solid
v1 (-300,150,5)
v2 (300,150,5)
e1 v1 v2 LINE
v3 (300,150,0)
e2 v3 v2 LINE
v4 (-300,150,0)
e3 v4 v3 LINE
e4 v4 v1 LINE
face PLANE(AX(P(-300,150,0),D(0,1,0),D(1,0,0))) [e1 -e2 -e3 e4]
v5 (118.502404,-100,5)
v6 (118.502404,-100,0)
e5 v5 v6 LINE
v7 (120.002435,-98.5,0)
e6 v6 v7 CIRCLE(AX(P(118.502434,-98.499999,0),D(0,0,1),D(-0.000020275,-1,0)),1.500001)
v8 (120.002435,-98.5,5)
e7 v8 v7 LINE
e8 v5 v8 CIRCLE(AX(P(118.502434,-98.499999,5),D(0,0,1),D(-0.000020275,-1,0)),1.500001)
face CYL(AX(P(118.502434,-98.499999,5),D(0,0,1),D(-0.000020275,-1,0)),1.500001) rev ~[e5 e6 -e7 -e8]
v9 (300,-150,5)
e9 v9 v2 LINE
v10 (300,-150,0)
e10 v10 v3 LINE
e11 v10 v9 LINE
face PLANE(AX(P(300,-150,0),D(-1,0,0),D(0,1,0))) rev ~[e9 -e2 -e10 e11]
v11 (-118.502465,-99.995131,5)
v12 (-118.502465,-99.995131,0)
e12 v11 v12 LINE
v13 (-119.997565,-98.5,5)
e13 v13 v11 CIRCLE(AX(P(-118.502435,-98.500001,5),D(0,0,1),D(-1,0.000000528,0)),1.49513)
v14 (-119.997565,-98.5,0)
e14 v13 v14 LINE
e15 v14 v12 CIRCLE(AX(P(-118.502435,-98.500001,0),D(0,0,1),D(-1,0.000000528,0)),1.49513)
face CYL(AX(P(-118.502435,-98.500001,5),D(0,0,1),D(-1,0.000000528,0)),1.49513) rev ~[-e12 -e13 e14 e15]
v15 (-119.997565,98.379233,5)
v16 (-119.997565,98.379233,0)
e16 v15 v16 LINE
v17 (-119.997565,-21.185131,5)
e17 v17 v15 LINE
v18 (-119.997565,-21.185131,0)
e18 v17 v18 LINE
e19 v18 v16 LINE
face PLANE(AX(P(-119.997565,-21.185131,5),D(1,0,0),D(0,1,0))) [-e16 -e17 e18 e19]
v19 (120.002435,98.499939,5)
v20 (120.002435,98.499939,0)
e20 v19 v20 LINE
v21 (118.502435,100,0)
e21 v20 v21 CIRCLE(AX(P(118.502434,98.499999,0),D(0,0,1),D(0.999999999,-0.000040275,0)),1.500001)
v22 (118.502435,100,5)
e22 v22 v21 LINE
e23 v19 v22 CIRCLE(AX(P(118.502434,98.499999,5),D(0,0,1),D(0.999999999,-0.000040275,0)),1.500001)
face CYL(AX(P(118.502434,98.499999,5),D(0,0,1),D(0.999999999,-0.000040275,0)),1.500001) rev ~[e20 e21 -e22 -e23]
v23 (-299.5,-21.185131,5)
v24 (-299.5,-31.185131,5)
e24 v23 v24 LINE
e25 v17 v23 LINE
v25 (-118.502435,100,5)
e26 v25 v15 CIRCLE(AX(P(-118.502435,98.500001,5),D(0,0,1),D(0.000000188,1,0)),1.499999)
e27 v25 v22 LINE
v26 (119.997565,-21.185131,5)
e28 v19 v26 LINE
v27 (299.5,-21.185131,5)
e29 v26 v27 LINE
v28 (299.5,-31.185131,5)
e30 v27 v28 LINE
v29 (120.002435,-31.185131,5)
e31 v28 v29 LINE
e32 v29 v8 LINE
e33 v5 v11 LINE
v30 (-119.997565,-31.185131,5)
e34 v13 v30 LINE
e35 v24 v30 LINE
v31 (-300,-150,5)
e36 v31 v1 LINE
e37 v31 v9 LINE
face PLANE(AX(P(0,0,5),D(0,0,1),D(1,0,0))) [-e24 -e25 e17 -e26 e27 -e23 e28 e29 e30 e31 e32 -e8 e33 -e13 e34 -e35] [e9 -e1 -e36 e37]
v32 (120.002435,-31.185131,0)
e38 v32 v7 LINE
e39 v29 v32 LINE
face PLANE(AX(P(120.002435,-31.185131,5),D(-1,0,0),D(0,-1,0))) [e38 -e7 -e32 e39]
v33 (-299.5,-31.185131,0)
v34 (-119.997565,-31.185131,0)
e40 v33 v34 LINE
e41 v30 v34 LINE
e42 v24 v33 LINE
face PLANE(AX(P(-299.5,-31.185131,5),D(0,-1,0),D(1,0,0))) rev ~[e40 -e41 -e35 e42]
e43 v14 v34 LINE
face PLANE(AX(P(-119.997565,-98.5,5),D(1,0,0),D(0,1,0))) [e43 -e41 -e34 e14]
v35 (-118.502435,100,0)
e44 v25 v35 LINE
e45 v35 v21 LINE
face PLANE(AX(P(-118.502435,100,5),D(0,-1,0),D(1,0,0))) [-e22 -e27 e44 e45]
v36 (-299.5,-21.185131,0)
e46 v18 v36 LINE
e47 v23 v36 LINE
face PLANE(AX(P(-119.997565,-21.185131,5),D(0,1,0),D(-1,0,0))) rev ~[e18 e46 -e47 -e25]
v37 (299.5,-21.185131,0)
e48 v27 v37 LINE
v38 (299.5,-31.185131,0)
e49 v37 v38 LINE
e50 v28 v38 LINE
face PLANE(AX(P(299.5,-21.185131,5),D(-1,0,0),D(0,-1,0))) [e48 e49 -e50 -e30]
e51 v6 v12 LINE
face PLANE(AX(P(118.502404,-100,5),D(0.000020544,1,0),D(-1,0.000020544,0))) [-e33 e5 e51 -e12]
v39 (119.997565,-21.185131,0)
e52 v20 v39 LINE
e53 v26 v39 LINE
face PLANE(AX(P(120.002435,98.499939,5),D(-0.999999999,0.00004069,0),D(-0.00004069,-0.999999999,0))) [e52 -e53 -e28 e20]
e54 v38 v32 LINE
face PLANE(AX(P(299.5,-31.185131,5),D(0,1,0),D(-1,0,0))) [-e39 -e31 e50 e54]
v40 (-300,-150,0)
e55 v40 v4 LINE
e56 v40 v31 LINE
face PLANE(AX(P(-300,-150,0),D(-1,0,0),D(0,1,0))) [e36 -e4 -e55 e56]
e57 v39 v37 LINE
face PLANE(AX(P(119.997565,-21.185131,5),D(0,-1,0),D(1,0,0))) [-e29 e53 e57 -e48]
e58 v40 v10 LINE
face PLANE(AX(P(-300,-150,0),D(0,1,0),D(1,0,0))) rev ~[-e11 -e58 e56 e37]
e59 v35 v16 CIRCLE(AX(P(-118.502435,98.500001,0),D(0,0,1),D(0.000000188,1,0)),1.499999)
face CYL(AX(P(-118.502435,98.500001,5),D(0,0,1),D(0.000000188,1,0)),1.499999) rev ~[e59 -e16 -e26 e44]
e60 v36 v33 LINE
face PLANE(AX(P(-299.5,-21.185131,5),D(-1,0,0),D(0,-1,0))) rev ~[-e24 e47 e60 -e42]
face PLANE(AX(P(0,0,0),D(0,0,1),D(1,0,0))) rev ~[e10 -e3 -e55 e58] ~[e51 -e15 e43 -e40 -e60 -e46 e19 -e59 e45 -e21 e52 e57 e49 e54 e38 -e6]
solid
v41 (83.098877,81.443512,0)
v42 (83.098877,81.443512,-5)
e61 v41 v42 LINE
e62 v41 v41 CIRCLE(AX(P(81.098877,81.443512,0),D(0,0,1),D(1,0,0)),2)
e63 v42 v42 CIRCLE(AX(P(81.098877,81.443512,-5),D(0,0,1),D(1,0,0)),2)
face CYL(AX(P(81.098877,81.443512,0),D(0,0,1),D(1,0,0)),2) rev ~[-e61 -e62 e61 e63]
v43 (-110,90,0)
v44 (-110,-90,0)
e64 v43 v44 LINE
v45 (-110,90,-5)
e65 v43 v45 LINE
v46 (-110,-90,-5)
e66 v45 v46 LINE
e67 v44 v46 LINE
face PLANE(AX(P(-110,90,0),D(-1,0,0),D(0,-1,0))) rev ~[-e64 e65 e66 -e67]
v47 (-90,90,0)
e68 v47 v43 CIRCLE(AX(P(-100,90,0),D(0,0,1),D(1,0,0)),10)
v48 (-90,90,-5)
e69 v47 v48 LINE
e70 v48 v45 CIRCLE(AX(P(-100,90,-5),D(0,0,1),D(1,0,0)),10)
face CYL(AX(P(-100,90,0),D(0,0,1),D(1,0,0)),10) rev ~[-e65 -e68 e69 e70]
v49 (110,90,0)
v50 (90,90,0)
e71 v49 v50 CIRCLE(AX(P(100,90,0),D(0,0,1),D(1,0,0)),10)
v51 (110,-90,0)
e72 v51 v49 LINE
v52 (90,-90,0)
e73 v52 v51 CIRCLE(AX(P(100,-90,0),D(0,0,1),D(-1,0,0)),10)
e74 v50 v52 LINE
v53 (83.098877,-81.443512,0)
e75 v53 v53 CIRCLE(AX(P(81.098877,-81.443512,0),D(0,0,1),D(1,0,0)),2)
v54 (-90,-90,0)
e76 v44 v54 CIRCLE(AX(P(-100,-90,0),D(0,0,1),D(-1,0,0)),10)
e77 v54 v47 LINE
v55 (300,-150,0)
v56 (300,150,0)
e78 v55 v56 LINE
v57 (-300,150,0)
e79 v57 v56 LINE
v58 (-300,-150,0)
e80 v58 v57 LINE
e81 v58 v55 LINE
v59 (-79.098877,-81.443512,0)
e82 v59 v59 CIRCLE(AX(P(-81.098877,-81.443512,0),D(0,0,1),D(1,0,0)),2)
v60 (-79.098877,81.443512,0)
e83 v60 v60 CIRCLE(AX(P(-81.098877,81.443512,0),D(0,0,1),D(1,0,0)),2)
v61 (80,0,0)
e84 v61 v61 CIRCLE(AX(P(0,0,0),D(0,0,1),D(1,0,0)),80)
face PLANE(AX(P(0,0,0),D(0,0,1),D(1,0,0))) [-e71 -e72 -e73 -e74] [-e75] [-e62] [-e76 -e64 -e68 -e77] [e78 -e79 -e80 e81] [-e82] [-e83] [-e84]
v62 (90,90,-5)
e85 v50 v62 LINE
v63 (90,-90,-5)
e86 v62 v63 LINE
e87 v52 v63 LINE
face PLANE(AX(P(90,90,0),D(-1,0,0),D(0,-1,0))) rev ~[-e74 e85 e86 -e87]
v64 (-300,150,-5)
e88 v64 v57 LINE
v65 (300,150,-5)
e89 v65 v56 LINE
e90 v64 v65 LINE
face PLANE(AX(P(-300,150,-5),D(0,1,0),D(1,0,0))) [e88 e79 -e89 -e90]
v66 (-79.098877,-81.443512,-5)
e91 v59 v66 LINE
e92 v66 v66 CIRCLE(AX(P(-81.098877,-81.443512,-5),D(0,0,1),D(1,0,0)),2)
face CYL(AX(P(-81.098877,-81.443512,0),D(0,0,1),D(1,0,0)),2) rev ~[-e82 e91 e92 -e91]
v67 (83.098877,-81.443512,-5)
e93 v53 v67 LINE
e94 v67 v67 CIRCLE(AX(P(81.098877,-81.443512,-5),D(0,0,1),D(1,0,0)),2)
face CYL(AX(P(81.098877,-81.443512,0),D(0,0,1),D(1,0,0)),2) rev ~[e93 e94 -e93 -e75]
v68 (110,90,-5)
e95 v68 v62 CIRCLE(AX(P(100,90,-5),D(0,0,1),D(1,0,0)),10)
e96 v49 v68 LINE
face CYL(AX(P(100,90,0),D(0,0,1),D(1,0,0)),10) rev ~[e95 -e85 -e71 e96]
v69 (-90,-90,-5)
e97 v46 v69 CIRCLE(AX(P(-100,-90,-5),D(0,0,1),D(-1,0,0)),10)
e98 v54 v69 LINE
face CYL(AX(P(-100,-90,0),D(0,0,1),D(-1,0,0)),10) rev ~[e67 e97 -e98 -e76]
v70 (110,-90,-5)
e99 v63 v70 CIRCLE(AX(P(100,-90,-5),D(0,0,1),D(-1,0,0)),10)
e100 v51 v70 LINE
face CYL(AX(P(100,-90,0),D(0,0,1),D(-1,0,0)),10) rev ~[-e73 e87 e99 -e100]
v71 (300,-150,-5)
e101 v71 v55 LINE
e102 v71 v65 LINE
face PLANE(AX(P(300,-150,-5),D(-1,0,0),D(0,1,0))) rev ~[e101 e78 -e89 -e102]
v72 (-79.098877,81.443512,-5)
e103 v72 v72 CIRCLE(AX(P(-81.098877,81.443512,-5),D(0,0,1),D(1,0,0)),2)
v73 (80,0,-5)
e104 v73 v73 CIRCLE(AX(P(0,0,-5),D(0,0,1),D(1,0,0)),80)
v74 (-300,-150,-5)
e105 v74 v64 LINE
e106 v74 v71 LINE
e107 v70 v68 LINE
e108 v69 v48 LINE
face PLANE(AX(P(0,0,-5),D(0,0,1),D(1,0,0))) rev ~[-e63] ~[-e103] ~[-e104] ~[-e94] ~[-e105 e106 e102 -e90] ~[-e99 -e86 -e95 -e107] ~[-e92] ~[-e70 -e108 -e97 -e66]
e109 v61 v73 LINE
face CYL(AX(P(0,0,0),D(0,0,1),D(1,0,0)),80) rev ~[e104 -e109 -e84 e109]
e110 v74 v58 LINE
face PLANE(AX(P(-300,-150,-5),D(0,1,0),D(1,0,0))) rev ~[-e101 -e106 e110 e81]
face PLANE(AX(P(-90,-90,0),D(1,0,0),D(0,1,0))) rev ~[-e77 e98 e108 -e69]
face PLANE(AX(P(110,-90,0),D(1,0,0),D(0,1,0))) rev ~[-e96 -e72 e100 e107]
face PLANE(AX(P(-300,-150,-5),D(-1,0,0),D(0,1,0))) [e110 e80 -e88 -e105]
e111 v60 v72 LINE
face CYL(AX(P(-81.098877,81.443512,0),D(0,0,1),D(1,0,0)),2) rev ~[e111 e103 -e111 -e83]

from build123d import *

# Parameters (mm, degrees)
SKETCH_W        = 600
SKETCH_H        = 300
PAD_DEPTH       = 5
POCKET_DEPTH    = 5
SKETCH002_W     = 600
SKETCH002_H     = 300
PAD001_DEPTH    = 5
SKETCH003_R     = 80
SKETCH003_R_2   = 2
POCKET001_DEPTH = 5


with BuildPart() as base01:
    # Sketch → Pad (new body)
    with BuildSketch(Plane.XY):
        Rectangle(SKETCH_W, SKETCH_H)
    extrude(amount=PAD_DEPTH)

    # Sketch001 (on Face6 of Pad) → Pocket (cut)
    with BuildSketch(Plane.XY.offset(5)):
        with BuildLine():
            Line((-118.502435, 100), (118.502435, 100))
            ThreePointArc((120.002435, 98.499939), (119.563116, 99.560639), (118.502435, 100))
            Line((120.002435, 98.499939), (119.997565, -21.185131))
            Line((119.997565, -21.185131), (299.5, -21.185131))
            Line((299.5, -21.185131), (299.5, -31.185131))
            Line((299.5, -31.185131), (120.002435, -31.185131))
            Line((120.002435, -31.185131), (120.002435, -98.5))
            ThreePointArc((118.502404, -100), (119.563084, -99.560671), (120.002435, -98.5))
            Line((118.502404, -100), (-118.502465, -99.995131))
            ThreePointArc((-119.997565, -98.5), (-119.559663, -99.557206), (-118.502465, -99.995131))
            Line((-119.997565, -98.5), (-119.997565, -31.185131))
            Line((-299.5, -31.185131), (-119.997565, -31.185131))
            Line((-299.5, -21.185131), (-299.5, -31.185131))
            Line((-119.997565, -21.185131), (-299.5, -21.185131))
            Line((-119.997565, -21.185131), (-119.997565, 98.379233))
            ThreePointArc((-118.502435, 100), (-119.604966, 99.517067), (-119.997565, 98.379233))
        make_face()
    extrude(amount=-POCKET_DEPTH, mode=Mode.SUBTRACT)


with BuildPart() as base002:
    # Sketch002 → Pad001 (new body)
    with BuildSketch(Plane.XY.offset(-5)):
        Rectangle(SKETCH002_W, SKETCH002_H)
    extrude(amount=PAD001_DEPTH)

    # Sketch003 (on Face6 of Pad001) → Pocket001 (cut)
    with BuildSketch(Plane.XY):
        Circle(SKETCH003_R)
        with Locations((-81.098877, 81.443512)):
            Circle(SKETCH003_R_2)
        with Locations((81.098877, 81.443512)):
            Circle(SKETCH003_R_2)
        with Locations((-81.098877, -81.443512)):
            Circle(SKETCH003_R_2)
        with Locations((81.098877, -81.443512)):
            Circle(SKETCH003_R_2)
        with BuildLine():
            ThreePointArc((-90, 90), (-100, 100), (-110, 90))
            Line((-110, 90), (-110, -90))
            ThreePointArc((-110, -90), (-100, -100), (-90, -90))
            Line((-90, -90), (-90, 90))
        make_face()
        with BuildLine():
            ThreePointArc((110, 90), (100, 100), (90, 90))
            Line((90, 90), (90, -90))
            ThreePointArc((90, -90), (100, -100), (110, -90))
            Line((110, -90), (110, 90))
        make_face()
    extrude(amount=-POCKET001_DEPTH, mode=Mode.SUBTRACT)


solid = Compound([base01.part, base002.part])
